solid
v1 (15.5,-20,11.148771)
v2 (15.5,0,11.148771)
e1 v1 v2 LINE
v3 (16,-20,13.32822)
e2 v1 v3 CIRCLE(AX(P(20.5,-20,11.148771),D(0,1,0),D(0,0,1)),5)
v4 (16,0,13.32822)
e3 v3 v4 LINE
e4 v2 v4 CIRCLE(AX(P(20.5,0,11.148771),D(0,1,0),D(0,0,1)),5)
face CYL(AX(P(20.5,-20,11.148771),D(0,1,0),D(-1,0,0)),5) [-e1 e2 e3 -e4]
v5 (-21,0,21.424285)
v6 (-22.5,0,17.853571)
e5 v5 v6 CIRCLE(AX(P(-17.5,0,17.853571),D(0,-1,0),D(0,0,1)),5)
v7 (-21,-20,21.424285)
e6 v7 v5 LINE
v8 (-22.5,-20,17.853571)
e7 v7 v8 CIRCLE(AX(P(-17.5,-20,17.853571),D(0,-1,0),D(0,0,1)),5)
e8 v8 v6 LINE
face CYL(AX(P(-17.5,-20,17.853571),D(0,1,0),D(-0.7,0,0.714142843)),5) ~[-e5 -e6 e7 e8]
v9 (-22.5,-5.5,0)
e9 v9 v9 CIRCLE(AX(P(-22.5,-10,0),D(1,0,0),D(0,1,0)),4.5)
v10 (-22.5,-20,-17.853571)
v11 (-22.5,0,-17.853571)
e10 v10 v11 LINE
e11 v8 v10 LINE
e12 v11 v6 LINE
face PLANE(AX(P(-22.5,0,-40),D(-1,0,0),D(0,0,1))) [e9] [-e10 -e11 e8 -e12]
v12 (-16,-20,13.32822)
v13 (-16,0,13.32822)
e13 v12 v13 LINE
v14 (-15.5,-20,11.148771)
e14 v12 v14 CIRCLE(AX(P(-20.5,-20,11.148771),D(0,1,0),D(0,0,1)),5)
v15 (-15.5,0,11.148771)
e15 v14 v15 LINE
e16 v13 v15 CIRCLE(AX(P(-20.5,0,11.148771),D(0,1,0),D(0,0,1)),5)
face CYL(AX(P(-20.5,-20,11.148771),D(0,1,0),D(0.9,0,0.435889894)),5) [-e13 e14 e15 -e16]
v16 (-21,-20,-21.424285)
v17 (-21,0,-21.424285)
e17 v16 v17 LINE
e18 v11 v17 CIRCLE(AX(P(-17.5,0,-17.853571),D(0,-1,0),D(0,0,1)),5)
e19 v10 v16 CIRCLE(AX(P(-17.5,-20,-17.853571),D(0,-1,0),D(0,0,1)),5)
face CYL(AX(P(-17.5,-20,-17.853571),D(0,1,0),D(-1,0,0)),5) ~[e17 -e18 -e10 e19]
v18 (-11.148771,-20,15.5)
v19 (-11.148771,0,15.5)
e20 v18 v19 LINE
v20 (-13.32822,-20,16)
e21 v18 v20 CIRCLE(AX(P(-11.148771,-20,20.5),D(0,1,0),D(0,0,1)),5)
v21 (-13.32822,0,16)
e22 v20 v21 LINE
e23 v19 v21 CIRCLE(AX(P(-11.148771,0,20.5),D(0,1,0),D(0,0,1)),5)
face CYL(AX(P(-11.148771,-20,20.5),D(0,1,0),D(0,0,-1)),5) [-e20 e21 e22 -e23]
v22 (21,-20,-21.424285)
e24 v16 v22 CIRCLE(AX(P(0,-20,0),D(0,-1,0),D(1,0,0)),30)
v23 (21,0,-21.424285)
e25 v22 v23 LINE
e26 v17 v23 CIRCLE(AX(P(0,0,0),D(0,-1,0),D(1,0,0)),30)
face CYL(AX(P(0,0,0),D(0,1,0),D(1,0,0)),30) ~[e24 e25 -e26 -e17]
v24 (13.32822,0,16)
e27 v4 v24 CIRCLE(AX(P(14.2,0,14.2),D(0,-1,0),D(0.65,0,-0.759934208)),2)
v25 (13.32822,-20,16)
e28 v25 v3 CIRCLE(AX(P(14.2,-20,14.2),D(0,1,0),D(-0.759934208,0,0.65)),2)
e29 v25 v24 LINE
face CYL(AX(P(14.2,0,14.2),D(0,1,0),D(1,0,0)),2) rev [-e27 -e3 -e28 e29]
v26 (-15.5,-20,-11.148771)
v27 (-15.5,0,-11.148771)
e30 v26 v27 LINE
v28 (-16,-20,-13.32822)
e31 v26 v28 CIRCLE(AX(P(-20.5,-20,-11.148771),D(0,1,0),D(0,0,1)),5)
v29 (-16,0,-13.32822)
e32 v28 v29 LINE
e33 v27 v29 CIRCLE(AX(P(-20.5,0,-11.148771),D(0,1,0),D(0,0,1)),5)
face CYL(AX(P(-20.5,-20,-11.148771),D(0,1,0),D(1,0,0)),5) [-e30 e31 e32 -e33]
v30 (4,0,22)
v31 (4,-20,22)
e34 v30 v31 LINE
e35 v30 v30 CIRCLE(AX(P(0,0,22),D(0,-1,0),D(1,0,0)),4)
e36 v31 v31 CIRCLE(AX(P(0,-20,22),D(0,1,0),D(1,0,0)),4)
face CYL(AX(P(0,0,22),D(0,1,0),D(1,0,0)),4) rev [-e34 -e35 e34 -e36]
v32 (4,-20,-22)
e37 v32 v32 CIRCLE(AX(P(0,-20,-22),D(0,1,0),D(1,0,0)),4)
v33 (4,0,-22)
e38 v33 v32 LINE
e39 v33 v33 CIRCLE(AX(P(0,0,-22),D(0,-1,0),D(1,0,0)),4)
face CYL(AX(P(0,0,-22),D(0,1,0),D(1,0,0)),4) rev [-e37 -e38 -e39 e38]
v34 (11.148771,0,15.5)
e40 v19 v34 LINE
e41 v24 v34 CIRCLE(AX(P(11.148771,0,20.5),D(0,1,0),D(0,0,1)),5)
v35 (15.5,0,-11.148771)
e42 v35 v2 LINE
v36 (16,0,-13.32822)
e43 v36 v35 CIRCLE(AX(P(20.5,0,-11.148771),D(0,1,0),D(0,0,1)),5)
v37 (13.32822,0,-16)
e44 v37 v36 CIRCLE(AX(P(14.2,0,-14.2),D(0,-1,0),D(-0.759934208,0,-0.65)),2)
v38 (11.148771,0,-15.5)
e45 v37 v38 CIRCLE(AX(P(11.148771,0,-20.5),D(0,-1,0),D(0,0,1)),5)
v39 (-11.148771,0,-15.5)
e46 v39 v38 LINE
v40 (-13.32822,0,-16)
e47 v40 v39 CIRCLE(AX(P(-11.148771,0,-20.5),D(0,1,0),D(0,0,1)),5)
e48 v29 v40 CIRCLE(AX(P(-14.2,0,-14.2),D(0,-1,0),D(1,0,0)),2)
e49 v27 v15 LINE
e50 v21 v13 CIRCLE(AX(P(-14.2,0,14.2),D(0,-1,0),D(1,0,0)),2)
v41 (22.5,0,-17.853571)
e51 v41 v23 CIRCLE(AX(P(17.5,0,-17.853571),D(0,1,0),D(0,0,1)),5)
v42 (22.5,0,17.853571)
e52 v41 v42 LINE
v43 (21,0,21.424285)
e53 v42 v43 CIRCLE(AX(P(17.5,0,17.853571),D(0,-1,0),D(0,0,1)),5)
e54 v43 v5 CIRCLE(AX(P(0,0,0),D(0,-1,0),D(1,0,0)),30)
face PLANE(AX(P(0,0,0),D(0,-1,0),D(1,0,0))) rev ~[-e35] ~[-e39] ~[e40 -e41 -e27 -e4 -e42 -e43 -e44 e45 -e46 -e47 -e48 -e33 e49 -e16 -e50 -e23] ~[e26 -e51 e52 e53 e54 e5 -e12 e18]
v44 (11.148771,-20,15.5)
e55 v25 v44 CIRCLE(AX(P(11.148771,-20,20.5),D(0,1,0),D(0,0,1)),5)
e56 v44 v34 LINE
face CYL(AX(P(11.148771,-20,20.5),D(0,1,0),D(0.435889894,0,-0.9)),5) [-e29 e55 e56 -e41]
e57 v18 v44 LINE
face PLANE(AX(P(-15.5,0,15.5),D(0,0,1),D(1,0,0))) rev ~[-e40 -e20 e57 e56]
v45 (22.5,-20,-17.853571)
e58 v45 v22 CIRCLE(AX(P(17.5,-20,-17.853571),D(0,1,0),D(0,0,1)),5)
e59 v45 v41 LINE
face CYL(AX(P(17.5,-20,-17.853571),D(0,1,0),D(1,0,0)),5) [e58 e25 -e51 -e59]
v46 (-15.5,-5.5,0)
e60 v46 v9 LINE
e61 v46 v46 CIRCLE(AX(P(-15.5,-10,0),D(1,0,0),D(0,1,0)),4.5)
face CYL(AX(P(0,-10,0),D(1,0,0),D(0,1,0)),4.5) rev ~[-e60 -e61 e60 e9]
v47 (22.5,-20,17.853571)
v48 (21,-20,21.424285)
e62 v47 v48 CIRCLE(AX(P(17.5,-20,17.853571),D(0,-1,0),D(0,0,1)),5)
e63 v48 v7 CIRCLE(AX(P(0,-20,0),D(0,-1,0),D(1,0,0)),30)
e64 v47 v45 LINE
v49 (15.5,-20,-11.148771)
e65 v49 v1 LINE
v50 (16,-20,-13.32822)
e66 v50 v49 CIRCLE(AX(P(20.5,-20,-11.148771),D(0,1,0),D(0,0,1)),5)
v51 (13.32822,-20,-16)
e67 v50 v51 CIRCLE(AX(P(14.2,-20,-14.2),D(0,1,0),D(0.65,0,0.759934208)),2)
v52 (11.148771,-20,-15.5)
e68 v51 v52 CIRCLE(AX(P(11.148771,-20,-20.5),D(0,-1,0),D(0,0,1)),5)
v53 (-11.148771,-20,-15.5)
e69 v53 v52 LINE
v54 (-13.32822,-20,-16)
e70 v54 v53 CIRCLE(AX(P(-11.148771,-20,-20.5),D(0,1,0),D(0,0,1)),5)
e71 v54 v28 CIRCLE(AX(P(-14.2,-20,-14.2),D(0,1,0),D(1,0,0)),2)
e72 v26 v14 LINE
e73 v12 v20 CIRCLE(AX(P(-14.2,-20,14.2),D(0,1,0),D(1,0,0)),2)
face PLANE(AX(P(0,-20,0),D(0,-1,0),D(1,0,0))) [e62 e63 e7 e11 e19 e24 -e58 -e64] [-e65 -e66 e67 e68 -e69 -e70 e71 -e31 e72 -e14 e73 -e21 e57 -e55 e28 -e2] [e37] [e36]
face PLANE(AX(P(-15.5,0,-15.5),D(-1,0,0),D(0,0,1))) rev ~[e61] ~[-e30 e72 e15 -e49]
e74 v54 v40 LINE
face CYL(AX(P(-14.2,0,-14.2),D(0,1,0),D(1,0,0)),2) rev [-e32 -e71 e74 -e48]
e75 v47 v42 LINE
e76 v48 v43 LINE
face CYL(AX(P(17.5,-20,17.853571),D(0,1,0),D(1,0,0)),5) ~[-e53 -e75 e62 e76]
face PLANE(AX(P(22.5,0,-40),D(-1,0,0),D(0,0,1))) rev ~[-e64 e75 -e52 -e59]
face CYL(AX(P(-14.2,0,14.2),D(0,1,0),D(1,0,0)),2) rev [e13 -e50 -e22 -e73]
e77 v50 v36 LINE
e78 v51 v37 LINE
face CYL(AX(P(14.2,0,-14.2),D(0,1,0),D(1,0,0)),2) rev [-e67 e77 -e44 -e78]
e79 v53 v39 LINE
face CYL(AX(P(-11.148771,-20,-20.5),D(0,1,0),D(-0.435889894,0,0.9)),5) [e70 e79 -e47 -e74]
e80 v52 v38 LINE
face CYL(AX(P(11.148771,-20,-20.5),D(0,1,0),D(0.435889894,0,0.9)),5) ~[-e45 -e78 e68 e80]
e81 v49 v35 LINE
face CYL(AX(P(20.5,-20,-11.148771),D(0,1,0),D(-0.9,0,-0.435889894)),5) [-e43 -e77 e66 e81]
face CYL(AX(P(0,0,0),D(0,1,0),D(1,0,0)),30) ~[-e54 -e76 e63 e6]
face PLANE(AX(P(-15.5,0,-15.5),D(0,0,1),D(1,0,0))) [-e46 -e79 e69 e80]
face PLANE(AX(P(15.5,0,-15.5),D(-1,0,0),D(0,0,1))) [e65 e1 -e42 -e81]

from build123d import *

# Parameters (mm, degrees)
F0_R     = 30
F0_W     = 31
F0_H     = 31
F1_DEPTH = 20
F2_R     = 4
F3_DEPTH = 48.3
F4_W     = 47.4329847097
F4_H     = 80
F4_W_2   = 35.6862902641
F5_DEPTH = 29.8
F6_R     = 4.5
F7_DEPTH = 22.501
F8_R     = 2
F9_DEPTH = 20.001
F10_R    = 5
F11_R    = 5


with BuildPart() as f1:
    # F0 (on Front) → F1 (new body)
    with BuildSketch(Plane.XZ):
        Circle(F0_R)
        Rectangle(F0_W, F0_H, mode=Mode.SUBTRACT)
    extrude(amount=F1_DEPTH)

    # F2 (on Front) → F3 (cut)
    with BuildSketch(Plane.XZ):
        with Locations((0, 22)):
            Circle(F2_R)
        with Locations((0, -22)):
            Circle(F2_R)
    extrude(amount=F3_DEPTH, mode=Mode.SUBTRACT)

    # F4 (on Front) → F5 (cut)
    with BuildSketch(Plane.XZ):
        with Locations((-46.2164923549, 0)):
            Rectangle(F4_W, F4_H)
        with Locations((40.3431451321, 0)):
            Rectangle(F4_W_2, F4_H)
    extrude(amount=F5_DEPTH, mode=Mode.SUBTRACT)

    # F6 (on Right) → F7 (cut, through all)
    with BuildSketch(Plane.YZ):
        with Locations((-10, 0)):
            Circle(F6_R)
    extrude(amount=-F7_DEPTH, mode=Mode.SUBTRACT)

    # F8 (on Front) → F9 (cut, through all)
    with BuildSketch(Plane.XZ):
        with Locations((-14.2, 14.2)):
            Circle(F8_R)
        with Locations((14.2, 14.2)):
            Circle(F8_R)
        with Locations((-14.2, -14.2)):
            Circle(F8_R)
        with Locations((14.2, -14.2)):
            Circle(F8_R)
    extrude(amount=F9_DEPTH, mode=Mode.SUBTRACT)

    # F10
    f10_edges = [f1.edges().sort_by_distance(p)[0] for p in [
        (-12.680132, -10, 15.5),
        (-15.5, -10, 12.680132),
        (12.680132, -10, 15.5),
        (15.5, -10, 12.680132),
        (15.5, -10, -12.680132),
        (12.680132, -10, -15.5),
        (-12.680132, -10, -15.5),
        (-15.5, -10, -12.680132),
    ]]
    fillet(f10_edges, radius=F10_R)

    # F11
    f11_edges = [f1.edges().sort_by_distance(p)[0] for p in [
        (-22.5, -10, 19.843135),
        (-22.5, -10, -19.843135),
        (22.5, -10, 19.843135),
        (22.5, -10, -19.843135),
    ]]
    fillet(f11_edges, radius=F11_R)


solid = f1.part
